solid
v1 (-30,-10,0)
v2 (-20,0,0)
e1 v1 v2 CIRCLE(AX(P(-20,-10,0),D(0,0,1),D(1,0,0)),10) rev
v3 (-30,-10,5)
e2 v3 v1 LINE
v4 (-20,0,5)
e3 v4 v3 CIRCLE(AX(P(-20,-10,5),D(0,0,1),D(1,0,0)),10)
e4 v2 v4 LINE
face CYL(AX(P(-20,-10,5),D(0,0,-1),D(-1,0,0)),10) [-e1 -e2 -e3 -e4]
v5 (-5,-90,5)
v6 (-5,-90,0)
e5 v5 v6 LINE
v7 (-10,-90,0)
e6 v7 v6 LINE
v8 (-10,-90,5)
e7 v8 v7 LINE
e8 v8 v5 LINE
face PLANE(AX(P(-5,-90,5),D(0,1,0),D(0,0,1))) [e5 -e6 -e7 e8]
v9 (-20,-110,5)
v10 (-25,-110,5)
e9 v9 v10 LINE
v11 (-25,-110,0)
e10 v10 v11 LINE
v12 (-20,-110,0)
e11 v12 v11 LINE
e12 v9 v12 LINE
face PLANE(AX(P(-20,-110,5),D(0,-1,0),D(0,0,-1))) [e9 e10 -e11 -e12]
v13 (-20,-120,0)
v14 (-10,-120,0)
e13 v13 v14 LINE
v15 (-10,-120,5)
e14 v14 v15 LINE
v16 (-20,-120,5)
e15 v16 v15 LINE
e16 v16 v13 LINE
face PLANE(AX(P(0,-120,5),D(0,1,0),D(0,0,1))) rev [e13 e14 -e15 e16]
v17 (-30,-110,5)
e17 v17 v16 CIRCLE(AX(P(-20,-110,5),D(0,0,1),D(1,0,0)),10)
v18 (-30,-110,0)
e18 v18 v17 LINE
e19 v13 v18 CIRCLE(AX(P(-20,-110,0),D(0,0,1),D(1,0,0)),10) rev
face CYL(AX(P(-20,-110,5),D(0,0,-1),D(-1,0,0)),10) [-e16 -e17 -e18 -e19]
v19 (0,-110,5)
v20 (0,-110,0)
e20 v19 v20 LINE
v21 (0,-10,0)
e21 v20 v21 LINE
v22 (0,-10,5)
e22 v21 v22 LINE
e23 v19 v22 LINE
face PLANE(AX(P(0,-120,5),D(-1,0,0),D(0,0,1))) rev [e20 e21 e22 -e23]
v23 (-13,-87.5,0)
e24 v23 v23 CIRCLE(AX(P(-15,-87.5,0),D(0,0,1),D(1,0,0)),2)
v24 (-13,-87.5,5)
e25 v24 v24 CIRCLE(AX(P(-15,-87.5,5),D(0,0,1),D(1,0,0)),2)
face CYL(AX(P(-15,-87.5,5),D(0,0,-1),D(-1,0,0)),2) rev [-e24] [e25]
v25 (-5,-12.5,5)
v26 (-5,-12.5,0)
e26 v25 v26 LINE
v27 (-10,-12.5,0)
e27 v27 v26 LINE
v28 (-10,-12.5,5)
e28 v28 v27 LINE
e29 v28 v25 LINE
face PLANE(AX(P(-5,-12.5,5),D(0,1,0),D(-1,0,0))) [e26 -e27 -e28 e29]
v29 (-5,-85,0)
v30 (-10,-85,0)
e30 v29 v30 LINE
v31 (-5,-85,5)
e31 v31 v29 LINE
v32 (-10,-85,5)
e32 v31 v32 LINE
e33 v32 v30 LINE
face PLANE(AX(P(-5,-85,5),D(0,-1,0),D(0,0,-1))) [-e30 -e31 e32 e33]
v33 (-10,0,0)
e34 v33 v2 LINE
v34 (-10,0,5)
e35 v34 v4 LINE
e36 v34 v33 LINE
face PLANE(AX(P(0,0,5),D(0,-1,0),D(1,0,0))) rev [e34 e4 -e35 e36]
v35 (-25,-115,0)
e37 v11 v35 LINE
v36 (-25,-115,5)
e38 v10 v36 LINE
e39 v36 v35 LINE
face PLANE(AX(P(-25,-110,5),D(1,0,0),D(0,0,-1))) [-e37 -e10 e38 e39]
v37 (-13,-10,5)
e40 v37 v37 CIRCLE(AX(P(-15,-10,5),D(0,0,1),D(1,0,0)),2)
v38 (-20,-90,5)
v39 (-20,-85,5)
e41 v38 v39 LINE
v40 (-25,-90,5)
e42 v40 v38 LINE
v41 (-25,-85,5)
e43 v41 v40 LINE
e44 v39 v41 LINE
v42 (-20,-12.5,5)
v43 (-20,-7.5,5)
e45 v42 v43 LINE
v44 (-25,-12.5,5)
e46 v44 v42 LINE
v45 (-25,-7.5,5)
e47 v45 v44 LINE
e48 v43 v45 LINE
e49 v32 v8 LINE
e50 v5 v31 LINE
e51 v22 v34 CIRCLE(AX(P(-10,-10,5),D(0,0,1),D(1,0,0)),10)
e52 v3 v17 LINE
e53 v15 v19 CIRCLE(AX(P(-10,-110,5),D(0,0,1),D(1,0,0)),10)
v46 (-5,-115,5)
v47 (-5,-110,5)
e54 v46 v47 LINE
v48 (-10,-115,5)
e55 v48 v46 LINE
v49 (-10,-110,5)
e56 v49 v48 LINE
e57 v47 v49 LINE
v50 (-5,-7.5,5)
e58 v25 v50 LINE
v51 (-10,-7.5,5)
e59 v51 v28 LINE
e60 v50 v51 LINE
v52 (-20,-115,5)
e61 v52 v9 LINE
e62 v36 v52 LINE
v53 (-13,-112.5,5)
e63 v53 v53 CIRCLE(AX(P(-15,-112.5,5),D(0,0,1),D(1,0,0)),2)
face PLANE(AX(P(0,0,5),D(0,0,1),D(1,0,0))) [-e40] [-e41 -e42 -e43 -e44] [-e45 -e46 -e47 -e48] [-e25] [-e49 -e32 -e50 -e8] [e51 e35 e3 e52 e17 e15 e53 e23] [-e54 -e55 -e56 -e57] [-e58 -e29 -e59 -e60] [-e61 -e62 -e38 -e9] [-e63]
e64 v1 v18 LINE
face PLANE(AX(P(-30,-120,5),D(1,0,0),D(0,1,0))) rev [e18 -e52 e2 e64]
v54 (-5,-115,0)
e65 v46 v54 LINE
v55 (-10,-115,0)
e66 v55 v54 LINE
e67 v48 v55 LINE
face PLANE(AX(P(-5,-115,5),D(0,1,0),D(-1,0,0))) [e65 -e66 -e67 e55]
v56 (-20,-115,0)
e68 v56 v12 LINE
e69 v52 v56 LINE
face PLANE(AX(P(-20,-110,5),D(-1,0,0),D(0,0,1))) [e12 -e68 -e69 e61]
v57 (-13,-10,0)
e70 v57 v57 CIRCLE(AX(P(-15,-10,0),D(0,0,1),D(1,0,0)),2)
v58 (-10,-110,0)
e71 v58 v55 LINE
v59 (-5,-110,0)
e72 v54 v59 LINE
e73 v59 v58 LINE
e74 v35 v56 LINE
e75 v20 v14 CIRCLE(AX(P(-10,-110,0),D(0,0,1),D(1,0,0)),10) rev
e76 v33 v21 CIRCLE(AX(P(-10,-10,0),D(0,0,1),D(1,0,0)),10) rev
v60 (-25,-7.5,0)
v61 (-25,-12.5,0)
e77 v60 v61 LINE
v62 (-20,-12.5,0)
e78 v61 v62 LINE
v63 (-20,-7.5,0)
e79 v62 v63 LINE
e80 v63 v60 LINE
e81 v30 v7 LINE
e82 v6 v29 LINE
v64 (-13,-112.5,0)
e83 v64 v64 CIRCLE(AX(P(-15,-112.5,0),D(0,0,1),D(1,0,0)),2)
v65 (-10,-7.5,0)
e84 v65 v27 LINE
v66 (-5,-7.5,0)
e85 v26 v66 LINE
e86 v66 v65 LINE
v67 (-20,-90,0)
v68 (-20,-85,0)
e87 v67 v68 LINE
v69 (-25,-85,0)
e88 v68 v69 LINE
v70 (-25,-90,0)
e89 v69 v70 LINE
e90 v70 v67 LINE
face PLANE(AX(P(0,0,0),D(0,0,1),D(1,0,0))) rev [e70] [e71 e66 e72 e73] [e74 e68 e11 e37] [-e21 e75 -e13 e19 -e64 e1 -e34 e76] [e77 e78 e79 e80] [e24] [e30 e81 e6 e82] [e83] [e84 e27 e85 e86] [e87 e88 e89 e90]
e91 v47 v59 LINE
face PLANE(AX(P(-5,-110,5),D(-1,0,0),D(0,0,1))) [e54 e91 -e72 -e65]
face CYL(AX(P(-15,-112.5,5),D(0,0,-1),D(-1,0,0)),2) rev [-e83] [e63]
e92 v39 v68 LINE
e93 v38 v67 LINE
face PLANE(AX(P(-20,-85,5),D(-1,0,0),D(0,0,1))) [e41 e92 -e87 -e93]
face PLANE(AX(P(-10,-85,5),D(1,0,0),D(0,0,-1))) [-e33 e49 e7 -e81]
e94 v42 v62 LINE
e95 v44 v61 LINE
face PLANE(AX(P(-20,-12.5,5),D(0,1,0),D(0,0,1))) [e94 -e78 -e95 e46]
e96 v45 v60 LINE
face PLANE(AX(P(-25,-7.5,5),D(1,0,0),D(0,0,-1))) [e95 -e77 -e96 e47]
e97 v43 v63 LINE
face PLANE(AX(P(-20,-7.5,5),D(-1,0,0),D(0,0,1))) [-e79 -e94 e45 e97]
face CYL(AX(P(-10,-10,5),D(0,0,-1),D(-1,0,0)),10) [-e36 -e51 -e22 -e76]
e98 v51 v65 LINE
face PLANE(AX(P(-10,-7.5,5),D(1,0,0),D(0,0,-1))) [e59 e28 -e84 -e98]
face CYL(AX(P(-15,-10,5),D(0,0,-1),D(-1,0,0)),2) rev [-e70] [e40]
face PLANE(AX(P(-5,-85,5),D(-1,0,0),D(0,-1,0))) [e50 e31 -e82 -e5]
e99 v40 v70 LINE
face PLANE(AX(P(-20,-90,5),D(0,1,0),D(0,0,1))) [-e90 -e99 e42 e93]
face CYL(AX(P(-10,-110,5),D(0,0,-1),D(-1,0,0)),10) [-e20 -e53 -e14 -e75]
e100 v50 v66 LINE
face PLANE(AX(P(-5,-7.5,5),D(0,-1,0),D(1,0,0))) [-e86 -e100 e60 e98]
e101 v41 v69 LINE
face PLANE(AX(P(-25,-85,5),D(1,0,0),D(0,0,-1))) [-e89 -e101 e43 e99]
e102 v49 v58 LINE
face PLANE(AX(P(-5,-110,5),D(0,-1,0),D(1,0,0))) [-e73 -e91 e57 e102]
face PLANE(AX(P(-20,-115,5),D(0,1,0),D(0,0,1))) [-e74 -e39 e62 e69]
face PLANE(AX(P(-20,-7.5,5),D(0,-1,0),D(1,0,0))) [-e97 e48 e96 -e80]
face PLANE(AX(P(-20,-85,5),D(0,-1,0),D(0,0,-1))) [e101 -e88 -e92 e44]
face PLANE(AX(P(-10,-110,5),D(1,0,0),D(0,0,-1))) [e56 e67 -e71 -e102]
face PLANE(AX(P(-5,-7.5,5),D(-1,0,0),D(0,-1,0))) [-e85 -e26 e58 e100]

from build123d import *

# Parameters (mm, degrees)
ESQUISSE1_W        = 30
ESQUISSE1_H        = 120
ESQUISSE1_R        = 2
ESQUISSE1_W_2      = 5
ESQUISSE1_H_2      = 5
BOSS_EXTRU_1_DEPTH = 5
CONG_1_R           = 10


with BuildPart() as part:
    # Esquisse1 → Boss.-Extru.1 (new body)
    with BuildSketch(Plane.XY):
        with Locations((-15, -60)):
            Rectangle(ESQUISSE1_W, ESQUISSE1_H)
        with Locations((-15, -10)):
            Circle(ESQUISSE1_R, mode=Mode.SUBTRACT)
        with Locations((-15, -87.5)):
            Circle(ESQUISSE1_R, mode=Mode.SUBTRACT)
        with Locations((-15, -112.5)):
            Circle(ESQUISSE1_R, mode=Mode.SUBTRACT)
        with Locations((-22.5, -10)):
            Rectangle(ESQUISSE1_W_2, ESQUISSE1_H_2, mode=Mode.SUBTRACT)
        with Locations((-7.5, -112.5)):
            Rectangle(ESQUISSE1_W_2, ESQUISSE1_H_2, mode=Mode.SUBTRACT)
        with Locations((-22.5, -112.5)):
            Rectangle(ESQUISSE1_W_2, ESQUISSE1_H_2, mode=Mode.SUBTRACT)
        with Locations((-22.5, -87.5)):
            Rectangle(ESQUISSE1_W_2, ESQUISSE1_H_2, mode=Mode.SUBTRACT)
        with Locations((-7.5, -87.5)):
            Rectangle(ESQUISSE1_W_2, ESQUISSE1_H_2, mode=Mode.SUBTRACT)
        with Locations((-7.5, -10)):
            Rectangle(ESQUISSE1_W_2, ESQUISSE1_H_2, mode=Mode.SUBTRACT)
    extrude(amount=BOSS_EXTRU_1_DEPTH)

    # Congé1
    cong_1_edges = [part.edges().sort_by_distance(p)[0] for p in [
        (-30, 0, 2.5),
        (0, 0, 2.5),
        (0, -120, 2.5),
        (-30, -120, 2.5),
    ]]
    fillet(cong_1_edges, radius=CONG_1_R)


solid = part.part
